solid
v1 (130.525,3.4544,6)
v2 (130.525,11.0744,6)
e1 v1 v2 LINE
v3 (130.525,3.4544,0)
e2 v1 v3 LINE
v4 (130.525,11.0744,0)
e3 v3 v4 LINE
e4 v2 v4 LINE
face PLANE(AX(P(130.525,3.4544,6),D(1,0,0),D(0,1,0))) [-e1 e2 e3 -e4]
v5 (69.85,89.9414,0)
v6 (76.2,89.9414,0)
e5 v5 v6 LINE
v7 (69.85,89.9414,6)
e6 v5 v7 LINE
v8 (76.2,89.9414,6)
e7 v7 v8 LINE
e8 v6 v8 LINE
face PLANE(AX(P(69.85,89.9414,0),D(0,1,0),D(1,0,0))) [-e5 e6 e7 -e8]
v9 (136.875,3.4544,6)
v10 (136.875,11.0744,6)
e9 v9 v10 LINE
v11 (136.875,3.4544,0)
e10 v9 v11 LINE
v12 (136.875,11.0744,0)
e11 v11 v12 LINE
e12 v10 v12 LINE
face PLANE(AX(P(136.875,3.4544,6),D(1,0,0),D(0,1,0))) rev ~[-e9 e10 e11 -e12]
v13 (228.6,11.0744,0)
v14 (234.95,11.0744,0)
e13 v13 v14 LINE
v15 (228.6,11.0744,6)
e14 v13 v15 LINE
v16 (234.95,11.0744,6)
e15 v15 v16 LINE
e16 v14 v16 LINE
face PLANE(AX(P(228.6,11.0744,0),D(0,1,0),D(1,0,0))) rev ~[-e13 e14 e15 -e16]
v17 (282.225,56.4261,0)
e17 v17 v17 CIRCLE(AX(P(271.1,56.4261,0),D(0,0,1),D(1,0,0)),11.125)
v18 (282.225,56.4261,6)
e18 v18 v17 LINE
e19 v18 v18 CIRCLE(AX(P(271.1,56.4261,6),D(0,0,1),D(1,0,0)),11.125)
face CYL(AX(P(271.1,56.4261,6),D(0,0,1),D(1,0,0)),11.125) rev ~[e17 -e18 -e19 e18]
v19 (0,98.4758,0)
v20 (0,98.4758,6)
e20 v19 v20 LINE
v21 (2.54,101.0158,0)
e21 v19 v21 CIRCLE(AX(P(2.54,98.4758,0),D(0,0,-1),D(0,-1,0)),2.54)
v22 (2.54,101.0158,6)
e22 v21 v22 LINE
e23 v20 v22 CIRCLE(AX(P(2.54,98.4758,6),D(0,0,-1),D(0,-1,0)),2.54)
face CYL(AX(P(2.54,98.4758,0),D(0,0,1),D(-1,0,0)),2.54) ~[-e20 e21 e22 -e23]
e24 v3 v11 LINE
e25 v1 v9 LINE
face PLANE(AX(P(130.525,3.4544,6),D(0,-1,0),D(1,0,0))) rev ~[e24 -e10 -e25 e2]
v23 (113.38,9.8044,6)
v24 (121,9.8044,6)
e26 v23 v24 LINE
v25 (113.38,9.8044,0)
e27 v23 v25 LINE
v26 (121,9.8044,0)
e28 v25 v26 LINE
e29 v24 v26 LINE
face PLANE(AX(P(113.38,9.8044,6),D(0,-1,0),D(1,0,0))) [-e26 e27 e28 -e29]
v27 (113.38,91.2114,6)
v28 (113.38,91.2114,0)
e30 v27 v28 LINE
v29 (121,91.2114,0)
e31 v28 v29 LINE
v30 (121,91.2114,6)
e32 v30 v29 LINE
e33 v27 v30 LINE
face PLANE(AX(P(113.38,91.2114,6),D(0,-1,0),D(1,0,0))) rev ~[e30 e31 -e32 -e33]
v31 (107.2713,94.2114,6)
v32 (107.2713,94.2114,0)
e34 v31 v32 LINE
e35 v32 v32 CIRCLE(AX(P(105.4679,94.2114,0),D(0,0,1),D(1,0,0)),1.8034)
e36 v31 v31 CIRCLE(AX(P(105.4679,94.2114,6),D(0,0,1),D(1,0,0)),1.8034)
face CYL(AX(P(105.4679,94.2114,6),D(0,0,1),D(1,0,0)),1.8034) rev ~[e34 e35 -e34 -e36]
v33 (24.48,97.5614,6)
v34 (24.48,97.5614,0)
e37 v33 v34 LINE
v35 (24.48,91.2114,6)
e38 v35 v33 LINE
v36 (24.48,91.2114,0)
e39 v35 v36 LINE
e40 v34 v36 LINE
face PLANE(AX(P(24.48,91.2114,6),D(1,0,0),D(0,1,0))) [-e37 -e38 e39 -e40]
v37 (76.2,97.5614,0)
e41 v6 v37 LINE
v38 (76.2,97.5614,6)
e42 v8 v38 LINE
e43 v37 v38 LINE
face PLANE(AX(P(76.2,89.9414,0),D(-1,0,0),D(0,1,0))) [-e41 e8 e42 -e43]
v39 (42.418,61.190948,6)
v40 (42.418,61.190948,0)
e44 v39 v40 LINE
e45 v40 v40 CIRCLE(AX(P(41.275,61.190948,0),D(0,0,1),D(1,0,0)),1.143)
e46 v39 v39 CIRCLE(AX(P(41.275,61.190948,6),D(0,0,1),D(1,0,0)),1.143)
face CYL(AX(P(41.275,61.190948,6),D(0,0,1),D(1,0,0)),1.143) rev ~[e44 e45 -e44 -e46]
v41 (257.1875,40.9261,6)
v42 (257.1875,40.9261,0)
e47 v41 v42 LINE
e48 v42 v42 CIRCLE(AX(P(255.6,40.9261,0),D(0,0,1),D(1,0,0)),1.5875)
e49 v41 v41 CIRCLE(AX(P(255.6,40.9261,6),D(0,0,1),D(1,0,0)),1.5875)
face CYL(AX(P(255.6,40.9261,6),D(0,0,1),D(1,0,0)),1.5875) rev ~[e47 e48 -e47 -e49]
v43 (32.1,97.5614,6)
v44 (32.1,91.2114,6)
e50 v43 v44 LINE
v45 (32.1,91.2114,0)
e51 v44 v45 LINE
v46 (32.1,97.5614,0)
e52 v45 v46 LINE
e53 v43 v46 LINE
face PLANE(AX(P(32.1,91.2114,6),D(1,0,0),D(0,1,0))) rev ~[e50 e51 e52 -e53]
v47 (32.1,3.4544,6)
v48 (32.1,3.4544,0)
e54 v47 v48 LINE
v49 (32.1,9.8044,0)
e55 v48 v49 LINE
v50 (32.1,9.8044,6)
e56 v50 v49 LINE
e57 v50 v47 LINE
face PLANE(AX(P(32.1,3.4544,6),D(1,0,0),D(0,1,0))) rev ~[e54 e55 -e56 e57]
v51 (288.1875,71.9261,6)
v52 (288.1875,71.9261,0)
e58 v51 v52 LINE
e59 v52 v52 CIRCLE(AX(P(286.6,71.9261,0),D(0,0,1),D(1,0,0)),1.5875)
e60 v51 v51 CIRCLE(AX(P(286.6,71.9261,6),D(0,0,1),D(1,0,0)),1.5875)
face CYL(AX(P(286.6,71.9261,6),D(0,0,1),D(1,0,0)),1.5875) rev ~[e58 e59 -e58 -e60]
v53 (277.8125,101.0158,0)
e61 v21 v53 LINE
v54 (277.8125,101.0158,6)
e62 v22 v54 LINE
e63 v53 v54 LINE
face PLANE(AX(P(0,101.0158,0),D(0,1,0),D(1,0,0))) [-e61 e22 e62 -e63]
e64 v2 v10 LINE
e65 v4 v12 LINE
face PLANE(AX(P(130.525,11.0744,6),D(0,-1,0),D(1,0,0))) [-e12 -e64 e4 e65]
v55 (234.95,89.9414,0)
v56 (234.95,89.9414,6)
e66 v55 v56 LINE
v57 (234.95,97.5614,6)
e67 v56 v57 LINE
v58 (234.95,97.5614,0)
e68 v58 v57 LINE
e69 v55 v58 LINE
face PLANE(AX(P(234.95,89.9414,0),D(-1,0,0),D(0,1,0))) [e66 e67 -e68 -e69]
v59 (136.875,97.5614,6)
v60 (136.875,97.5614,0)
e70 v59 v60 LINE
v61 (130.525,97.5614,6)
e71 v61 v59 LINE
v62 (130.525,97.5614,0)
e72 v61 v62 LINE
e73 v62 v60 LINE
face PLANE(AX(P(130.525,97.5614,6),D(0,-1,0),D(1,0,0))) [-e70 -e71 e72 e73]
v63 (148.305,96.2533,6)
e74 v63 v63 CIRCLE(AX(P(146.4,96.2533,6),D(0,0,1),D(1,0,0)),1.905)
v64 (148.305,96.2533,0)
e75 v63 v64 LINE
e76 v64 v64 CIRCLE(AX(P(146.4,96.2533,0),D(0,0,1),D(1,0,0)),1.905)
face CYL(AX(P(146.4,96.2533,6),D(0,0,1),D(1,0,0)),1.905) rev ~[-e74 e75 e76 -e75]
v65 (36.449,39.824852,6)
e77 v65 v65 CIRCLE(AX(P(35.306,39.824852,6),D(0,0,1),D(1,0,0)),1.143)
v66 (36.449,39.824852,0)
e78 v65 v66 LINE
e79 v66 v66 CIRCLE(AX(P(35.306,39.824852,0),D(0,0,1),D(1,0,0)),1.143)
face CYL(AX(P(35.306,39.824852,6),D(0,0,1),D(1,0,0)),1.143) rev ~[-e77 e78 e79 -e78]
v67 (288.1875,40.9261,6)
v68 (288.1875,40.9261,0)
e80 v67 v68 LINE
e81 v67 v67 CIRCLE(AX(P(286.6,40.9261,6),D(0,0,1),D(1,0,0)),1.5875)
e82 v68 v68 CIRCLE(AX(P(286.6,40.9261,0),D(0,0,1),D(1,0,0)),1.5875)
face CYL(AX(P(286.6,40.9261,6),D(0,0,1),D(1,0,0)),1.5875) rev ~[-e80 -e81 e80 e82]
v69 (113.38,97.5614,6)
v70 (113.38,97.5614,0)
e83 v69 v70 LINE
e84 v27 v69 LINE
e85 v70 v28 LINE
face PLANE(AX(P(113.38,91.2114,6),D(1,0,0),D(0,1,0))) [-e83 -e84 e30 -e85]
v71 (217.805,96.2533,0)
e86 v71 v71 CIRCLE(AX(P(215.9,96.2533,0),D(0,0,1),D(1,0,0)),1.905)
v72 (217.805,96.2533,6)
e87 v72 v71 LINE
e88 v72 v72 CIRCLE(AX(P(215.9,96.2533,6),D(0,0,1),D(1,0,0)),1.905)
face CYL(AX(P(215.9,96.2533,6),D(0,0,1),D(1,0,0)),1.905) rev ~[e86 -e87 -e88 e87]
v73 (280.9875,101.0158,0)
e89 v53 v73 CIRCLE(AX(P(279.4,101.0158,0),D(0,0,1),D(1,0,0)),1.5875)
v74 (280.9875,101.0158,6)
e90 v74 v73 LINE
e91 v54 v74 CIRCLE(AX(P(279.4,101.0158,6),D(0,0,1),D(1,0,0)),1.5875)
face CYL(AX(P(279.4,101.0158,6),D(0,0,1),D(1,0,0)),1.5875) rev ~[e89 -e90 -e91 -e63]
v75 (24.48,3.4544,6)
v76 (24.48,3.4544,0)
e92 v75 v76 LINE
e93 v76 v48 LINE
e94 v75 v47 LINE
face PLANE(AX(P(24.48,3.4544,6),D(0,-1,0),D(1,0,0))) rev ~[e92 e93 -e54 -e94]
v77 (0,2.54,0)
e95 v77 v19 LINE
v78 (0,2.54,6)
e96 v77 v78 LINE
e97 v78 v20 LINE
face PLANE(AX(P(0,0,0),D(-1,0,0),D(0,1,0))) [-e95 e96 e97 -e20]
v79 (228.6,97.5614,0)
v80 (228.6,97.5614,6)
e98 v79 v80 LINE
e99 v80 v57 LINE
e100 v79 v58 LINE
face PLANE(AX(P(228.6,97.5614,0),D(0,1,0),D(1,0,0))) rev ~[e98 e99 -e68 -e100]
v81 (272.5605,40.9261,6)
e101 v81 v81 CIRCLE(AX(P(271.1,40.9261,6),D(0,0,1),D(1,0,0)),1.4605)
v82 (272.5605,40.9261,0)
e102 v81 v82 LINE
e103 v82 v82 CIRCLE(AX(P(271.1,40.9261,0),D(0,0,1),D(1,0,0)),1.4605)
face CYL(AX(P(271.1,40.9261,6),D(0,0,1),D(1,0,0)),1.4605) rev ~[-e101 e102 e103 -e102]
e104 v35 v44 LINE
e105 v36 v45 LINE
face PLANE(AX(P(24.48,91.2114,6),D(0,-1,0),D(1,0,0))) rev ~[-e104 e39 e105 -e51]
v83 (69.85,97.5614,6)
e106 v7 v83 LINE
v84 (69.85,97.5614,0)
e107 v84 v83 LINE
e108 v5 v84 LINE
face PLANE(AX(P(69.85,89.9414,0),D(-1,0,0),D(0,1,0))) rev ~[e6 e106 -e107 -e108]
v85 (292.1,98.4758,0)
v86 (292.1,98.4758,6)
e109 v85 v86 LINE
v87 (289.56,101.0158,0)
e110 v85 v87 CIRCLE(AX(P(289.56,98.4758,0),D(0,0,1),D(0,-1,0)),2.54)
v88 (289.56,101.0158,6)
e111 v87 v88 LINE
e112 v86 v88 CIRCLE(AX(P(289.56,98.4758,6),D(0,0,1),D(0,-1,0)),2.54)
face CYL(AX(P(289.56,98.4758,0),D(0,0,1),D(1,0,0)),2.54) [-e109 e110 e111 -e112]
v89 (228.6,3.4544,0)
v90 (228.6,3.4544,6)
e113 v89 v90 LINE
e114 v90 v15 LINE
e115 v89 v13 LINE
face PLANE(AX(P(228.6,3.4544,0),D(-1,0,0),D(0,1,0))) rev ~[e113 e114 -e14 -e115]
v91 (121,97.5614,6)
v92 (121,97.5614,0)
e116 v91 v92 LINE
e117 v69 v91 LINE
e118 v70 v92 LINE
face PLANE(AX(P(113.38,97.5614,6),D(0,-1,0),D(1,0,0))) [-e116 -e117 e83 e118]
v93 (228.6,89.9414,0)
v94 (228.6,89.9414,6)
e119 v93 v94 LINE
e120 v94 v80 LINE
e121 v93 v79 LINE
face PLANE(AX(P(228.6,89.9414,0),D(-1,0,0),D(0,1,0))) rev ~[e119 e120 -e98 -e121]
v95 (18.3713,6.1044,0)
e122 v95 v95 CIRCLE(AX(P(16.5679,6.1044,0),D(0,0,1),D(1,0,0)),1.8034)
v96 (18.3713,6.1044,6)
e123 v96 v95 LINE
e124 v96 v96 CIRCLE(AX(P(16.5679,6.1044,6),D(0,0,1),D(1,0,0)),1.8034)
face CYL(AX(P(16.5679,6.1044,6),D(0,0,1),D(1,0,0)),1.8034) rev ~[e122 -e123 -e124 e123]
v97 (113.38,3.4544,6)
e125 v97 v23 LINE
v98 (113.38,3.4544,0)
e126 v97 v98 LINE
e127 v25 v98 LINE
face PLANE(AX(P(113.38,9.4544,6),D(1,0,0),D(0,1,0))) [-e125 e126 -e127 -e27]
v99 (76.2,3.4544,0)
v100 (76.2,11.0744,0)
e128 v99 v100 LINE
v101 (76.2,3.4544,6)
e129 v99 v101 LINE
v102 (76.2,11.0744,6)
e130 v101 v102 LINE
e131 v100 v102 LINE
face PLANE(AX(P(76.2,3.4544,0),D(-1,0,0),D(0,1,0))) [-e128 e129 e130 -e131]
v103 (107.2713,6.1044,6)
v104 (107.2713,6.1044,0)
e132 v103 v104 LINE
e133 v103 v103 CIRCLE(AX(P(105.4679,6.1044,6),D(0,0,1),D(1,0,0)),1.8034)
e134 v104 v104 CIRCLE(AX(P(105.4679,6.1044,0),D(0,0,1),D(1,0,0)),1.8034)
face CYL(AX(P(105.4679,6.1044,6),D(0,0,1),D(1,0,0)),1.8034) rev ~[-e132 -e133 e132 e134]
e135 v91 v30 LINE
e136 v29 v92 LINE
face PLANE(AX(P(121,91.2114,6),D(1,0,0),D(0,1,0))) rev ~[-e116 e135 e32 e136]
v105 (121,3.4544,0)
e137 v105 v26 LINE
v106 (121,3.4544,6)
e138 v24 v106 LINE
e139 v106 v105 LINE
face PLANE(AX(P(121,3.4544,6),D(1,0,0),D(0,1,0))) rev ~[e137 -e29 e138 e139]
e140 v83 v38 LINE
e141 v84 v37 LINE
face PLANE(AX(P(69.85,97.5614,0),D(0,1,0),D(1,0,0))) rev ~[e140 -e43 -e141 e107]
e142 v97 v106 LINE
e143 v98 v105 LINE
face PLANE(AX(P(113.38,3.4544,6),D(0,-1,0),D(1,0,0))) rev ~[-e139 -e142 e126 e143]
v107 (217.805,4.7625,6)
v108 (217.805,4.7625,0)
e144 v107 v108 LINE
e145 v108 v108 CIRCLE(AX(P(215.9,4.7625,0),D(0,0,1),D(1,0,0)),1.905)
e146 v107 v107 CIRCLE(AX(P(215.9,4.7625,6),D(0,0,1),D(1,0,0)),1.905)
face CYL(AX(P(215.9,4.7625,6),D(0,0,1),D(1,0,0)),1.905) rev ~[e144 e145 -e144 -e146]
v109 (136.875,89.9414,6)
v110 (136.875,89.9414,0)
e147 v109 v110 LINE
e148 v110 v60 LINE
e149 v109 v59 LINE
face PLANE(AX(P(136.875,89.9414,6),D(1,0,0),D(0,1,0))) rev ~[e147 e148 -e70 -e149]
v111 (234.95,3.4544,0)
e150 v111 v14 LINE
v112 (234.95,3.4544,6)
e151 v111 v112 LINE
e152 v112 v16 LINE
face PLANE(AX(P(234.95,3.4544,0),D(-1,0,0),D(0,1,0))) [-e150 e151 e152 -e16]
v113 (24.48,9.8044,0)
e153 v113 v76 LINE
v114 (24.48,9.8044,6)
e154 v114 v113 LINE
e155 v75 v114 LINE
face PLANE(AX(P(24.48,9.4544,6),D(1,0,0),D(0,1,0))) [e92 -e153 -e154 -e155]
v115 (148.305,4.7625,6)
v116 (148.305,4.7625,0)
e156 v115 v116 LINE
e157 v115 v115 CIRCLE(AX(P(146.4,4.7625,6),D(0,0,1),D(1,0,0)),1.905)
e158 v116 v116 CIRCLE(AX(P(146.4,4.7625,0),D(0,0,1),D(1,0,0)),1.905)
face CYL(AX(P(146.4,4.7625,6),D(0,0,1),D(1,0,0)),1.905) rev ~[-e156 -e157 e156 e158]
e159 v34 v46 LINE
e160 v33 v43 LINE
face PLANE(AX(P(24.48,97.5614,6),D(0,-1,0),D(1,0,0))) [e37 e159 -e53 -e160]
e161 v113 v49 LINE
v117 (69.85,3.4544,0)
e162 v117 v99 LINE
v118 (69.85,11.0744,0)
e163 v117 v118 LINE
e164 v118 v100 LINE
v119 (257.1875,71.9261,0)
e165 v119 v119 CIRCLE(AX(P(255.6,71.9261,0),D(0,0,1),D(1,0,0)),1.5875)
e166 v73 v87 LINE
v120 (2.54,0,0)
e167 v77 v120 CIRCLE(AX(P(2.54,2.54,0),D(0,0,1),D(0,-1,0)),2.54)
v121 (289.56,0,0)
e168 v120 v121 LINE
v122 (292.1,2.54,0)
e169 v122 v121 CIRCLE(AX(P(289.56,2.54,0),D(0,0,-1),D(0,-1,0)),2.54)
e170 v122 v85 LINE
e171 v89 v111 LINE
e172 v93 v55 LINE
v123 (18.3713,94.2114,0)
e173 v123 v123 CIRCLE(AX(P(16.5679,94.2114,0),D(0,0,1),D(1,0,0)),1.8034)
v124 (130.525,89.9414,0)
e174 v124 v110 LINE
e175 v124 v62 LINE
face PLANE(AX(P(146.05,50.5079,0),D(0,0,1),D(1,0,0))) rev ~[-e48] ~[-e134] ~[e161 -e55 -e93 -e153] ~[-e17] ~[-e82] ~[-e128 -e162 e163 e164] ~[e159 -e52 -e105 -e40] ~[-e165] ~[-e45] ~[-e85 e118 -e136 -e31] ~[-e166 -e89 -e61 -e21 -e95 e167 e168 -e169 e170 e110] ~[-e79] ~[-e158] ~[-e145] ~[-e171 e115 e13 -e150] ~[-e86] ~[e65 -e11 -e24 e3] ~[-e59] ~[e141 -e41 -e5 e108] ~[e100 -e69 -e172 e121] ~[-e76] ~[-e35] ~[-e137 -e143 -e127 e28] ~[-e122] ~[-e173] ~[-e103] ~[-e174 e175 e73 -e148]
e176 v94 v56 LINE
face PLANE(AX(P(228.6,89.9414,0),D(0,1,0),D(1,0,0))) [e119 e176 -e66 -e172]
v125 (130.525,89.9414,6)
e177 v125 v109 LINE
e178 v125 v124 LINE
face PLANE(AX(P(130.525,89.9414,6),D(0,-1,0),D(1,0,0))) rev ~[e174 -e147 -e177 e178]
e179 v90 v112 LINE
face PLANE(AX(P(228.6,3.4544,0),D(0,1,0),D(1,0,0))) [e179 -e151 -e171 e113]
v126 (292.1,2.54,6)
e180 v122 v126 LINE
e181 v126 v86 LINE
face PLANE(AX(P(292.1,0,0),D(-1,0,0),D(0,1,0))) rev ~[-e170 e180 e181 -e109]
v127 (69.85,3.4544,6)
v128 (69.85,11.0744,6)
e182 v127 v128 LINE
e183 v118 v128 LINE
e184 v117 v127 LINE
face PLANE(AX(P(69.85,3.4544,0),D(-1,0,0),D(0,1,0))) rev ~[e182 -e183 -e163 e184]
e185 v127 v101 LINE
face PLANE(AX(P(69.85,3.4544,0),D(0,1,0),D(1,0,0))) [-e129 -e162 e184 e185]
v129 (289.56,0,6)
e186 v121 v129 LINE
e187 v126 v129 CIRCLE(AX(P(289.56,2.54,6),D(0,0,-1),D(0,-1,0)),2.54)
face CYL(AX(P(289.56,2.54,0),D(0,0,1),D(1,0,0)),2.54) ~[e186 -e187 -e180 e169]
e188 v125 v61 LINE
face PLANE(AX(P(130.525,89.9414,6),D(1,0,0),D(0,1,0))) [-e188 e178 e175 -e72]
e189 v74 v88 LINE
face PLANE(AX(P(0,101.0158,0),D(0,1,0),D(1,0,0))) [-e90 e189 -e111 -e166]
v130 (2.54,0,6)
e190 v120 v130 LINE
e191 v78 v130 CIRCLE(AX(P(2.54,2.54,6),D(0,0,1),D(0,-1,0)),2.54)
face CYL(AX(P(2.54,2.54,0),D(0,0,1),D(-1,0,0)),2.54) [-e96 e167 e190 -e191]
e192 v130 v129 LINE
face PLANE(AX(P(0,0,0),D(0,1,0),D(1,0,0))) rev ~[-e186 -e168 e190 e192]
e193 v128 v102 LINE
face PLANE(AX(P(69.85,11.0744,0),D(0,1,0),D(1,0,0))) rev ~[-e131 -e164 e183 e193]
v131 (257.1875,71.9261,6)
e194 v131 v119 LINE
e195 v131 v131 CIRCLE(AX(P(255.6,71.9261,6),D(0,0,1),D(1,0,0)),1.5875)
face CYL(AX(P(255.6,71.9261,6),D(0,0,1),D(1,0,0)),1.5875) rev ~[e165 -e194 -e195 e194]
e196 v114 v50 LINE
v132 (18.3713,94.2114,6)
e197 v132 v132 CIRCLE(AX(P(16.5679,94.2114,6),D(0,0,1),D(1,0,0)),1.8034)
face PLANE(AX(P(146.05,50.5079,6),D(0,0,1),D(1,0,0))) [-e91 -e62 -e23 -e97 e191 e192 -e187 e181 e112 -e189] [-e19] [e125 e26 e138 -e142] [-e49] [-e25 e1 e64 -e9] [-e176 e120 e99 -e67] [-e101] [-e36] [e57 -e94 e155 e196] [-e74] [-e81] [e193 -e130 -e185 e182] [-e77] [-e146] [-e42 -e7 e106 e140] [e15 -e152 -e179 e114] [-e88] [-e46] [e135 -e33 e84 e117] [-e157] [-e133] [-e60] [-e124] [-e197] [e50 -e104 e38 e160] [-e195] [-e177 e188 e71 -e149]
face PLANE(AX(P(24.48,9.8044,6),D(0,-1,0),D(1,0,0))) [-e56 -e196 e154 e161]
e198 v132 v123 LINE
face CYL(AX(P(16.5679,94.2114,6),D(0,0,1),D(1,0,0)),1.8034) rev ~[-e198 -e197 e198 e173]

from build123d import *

# Parameters (mm, degrees)
SKETCH1_W           = 292.1
SKETCH1_H           = 101.0158
SKETCH1_W_2         = 6.35
SKETCH1_H_2         = 7.62
BOSS_EXTRUDE1_DEPTH = 6
SKETCH2_R           = 11.125
SKETCH2_R_2         = 1.5875
SKETCH2_R_3         = 1.4605
CUT_EXTRUDE1_DEPTH  = 310.132013628
SKETCH3_W           = 7.62
SKETCH3_H           = 6
CUT_EXTRUDE2_DEPTH  = 310.132013628
SKETCH4_W           = 7.62
SKETCH4_H           = 0.35
CUT_EXTRUDE3_DEPTH  = 6
FILLET1_R           = 2.54
SKETCH5_R           = 1.143
CUT_EXTRUDE4_DEPTH  = 310.132013628
SKETCH6_R           = 1.905
SKETCH6_W           = 6.35
SKETCH6_H           = 7.62
CUT_EXTRUDE5_DEPTH  = 310.132013628
SKETCH7_R           = 1.8034
CUT_EXTRUDE6_DEPTH  = 310.132013628
SKETCH8_R           = 1.5875
CUT_EXTRUDE7_DEPTH  = 310.132013628


with BuildPart() as part:
    # Sketch1 → Boss-Extrude1 (new body)
    with BuildSketch(Plane.XY):
        with Locations((146.05, 50.5079)):
            Rectangle(SKETCH1_W, SKETCH1_H)
        with Locations((231.775, 93.7514)):
            Rectangle(SKETCH1_W_2, SKETCH1_H_2, mode=Mode.SUBTRACT)
        with Locations((73.025, 93.7514)):
            Rectangle(SKETCH1_W_2, SKETCH1_H_2, mode=Mode.SUBTRACT)
        with Locations((231.775, 7.2644)):
            Rectangle(SKETCH1_W_2, SKETCH1_H_2, mode=Mode.SUBTRACT)
        with Locations((73.025, 7.2644)):
            Rectangle(SKETCH1_W_2, SKETCH1_H_2, mode=Mode.SUBTRACT)
    extrude(amount=BOSS_EXTRUDE1_DEPTH)

    # Sketch2 → Cut-Extrude1 (cut, through all)
    with BuildSketch(Plane.XY.offset(6)):
        with Locations((271.1, 56.4261)):
            Circle(SKETCH2_R)
        with Locations((255.6, 71.9261)):
            Circle(SKETCH2_R_2)
        with Locations((255.6, 40.9261)):
            Circle(SKETCH2_R_2)
        with Locations((286.6, 40.9261)):
            Circle(SKETCH2_R_2)
        with Locations((286.6, 71.9261)):
            Circle(SKETCH2_R_2)
        with Locations((271.1, 40.9261)):
            Circle(SKETCH2_R_3)
    extrude(amount=-CUT_EXTRUDE1_DEPTH, mode=Mode.SUBTRACT)

    # Sketch3 → Cut-Extrude2 (cut, through all)
    with BuildSketch(Plane.XY.offset(6)):
        with Locations((117.19, 94.5614)):
            Rectangle(SKETCH3_W, SKETCH3_H)
        with Locations((117.19, 6.4544)):
            Rectangle(SKETCH3_W, SKETCH3_H)
        with Locations((28.29, 6.4544)):
            Rectangle(SKETCH3_W, SKETCH3_H)
        with Locations((28.29, 94.5614)):
            Rectangle(SKETCH3_W, SKETCH3_H)
    extrude(amount=-CUT_EXTRUDE2_DEPTH, mode=Mode.SUBTRACT)

    # Sketch4 → Cut-Extrude3 (cut)
    with BuildSketch(Plane.XY.offset(6)):
        with Locations((28.29, 91.3864)):
            Rectangle(SKETCH4_W, SKETCH4_H)
        with Locations((28.29, 9.6294)):
            Rectangle(SKETCH4_W, SKETCH4_H)
        with Locations((117.19, 9.6294)):
            Rectangle(SKETCH4_W, SKETCH4_H)
        with Locations((117.19, 91.3864)):
            Rectangle(SKETCH4_W, SKETCH4_H)
    extrude(amount=-CUT_EXTRUDE3_DEPTH, mode=Mode.SUBTRACT)

    # Fillet1
    fillet1_edges = [part.edges().sort_by_distance(p)[0] for p in [
        (0, 101.0158, 3),
        (292.1, 101.0158, 3),
        (292.1, 0, 3),
        (0, 0, 3),
    ]]
    fillet(fillet1_edges, radius=FILLET1_R)

    # Sketch5 → Cut-Extrude4 (cut, through all)
    with BuildSketch(Plane.XY.offset(6)):
        with Locations((35.306, 39.824852294)):
            Circle(SKETCH5_R)
        with Locations((41.275, 61.190947706)):
            Circle(SKETCH5_R)
    extrude(amount=-CUT_EXTRUDE4_DEPTH, mode=Mode.SUBTRACT)

    # Sketch6 → Cut-Extrude5 (cut, through all)
    with BuildSketch(Plane.XY.offset(6)):
        with Locations((146.4, 96.2533)):
            Circle(SKETCH6_R)
        with Locations((215.9, 96.2533)):
            Circle(SKETCH6_R)
        with Locations((215.9, 4.7625)):
            Circle(SKETCH6_R)
        with Locations((146.4, 4.7625)):
            Circle(SKETCH6_R)
        with Locations((133.7, 93.7514)):
            Rectangle(SKETCH6_W, SKETCH6_H)
        with Locations((133.7, 7.2644)):
            Rectangle(SKETCH6_W, SKETCH6_H)
    extrude(amount=-CUT_EXTRUDE5_DEPTH, mode=Mode.SUBTRACT)

    # Sketch7 → Cut-Extrude6 (cut, through all)
    with BuildSketch(Plane.XY.offset(6)):
        with Locations((16.5679, 94.2114)):
            Circle(SKETCH7_R)
        with Locations((105.4679, 94.2114)):
            Circle(SKETCH7_R)
        with Locations((105.4679, 6.1044)):
            Circle(SKETCH7_R)
        with Locations((16.5679, 6.1044)):
            Circle(SKETCH7_R)
    extrude(amount=-CUT_EXTRUDE6_DEPTH, mode=Mode.SUBTRACT)

    # Sketch8 → Cut-Extrude7 (cut, through all)
    with BuildSketch(Plane.XY.offset(6)):
        with Locations((279.4, 101.0158)):
            Circle(SKETCH8_R)
    extrude(amount=-CUT_EXTRUDE7_DEPTH, mode=Mode.SUBTRACT)


solid = part.part
